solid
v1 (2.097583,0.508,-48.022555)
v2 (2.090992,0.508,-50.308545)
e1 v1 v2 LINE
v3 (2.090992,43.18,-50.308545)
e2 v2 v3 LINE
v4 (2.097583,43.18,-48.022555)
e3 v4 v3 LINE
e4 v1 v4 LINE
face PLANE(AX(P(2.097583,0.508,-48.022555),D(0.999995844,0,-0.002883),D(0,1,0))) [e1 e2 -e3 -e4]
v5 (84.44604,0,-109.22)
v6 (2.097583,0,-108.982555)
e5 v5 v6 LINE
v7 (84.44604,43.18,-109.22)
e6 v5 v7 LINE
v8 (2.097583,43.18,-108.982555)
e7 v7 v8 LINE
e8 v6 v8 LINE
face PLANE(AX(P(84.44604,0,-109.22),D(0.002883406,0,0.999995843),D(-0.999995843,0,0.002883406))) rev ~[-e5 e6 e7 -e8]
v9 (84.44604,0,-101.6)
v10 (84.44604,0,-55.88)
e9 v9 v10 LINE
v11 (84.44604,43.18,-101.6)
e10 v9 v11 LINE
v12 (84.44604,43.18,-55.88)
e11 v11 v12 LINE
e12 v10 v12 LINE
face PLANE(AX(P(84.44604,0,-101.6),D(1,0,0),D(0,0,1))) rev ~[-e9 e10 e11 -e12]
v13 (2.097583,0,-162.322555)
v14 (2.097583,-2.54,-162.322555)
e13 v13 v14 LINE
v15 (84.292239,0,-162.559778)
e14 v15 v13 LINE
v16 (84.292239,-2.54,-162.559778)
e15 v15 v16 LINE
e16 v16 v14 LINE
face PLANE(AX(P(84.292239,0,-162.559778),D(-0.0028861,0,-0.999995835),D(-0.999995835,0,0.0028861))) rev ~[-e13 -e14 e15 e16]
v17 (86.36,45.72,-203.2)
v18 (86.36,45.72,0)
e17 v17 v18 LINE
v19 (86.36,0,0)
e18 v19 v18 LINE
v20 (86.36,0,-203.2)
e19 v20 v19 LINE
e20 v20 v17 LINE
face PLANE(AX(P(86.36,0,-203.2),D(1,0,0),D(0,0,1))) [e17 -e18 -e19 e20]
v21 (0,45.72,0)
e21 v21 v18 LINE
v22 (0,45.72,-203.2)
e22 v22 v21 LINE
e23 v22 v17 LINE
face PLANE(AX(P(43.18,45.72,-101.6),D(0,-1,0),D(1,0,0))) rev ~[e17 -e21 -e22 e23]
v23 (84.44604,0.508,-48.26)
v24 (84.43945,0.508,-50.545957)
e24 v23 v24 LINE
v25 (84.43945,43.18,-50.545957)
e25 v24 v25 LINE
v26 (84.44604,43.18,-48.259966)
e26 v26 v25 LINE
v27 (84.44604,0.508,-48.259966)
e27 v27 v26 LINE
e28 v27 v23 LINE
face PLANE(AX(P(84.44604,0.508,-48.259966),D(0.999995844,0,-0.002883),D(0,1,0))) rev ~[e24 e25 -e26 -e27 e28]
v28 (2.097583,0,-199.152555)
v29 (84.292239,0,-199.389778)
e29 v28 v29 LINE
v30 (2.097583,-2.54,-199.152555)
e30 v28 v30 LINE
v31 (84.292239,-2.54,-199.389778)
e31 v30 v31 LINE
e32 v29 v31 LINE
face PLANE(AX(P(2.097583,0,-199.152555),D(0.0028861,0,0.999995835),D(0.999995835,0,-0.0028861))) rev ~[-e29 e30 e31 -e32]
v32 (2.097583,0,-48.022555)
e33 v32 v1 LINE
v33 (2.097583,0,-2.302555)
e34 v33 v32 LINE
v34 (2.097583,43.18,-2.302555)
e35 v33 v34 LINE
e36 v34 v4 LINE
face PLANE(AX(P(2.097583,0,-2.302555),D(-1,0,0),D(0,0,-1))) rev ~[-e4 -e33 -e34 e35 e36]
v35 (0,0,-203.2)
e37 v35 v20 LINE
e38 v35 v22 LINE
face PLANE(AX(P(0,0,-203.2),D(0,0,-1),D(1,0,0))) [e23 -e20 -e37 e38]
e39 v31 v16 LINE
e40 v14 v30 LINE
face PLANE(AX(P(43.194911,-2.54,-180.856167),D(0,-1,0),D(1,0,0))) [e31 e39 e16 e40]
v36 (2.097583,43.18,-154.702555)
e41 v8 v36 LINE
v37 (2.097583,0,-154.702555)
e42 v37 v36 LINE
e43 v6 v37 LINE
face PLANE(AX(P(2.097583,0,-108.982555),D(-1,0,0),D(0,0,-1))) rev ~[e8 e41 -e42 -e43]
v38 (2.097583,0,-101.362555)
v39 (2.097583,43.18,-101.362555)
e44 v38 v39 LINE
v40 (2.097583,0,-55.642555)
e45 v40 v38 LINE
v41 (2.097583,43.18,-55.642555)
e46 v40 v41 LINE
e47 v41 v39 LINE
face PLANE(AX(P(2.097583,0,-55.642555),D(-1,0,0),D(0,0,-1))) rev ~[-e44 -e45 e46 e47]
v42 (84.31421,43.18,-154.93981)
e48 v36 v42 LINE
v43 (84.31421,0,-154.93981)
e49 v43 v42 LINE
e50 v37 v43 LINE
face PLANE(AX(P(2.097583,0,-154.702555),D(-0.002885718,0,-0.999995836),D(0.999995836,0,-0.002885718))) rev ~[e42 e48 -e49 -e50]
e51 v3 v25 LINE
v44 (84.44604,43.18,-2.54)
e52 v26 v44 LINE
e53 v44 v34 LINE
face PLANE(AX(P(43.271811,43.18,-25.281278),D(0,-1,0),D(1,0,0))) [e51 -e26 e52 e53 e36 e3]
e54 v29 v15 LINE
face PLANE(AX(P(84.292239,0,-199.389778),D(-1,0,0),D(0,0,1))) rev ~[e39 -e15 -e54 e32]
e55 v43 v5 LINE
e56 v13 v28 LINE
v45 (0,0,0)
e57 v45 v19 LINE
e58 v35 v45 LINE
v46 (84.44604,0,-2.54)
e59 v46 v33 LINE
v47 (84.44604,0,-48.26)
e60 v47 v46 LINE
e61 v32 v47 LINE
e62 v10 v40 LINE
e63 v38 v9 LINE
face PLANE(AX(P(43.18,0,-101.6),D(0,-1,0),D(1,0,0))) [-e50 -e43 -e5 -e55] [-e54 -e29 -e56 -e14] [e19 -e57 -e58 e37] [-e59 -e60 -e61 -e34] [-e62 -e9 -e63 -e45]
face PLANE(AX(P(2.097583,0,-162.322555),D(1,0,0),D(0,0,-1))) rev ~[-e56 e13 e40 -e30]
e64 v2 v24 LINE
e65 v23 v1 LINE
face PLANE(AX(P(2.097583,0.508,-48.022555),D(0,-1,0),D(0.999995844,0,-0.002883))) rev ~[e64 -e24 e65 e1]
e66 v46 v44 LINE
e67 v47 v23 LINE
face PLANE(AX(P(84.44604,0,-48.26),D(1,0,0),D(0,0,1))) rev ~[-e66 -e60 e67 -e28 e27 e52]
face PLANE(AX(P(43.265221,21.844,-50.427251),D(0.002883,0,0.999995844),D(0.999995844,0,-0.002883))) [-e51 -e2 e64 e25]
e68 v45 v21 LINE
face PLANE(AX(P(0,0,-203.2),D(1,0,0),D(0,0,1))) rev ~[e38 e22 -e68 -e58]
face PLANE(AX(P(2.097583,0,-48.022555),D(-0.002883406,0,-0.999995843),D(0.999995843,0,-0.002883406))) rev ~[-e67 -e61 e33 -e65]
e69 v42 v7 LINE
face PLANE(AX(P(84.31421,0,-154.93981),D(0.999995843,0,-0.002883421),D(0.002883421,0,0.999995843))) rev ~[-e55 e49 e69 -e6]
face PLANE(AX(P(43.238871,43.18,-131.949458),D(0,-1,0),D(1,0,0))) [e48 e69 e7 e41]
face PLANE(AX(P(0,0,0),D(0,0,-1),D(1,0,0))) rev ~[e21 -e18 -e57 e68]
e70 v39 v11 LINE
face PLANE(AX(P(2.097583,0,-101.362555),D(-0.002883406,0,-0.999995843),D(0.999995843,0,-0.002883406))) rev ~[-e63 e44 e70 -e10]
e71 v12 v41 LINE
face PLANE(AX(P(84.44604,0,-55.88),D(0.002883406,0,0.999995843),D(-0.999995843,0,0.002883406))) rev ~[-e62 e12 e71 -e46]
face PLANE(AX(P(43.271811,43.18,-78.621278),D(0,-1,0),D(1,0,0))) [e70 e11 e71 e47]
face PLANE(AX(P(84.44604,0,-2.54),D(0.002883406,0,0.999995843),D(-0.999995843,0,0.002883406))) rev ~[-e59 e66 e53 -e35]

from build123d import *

# Parameters (mm, degrees)
F0_W     = 86.36
F0_H     = 203.2
F1_DEPTH = 45.72
F3_DEPTH = 43.18
F5_DEPTH = 2.54
F6_W     = 82.3488
F6_H     = 42.672
F7_DEPTH = 2.286


with BuildPart() as f1:
    # F0 (on Front) → F1 (new body)
    with BuildSketch(Plane.XZ):
        with Locations((43.18, -101.6)):
            Rectangle(F0_W, F0_H)
    extrude(amount=-F1_DEPTH)

    # F2 (on face) → F3 (cut)
    with BuildSketch(Plane.XZ):
        Polygon((84.44604, -2.54), (2.097583, -2.302555), (2.097583, -48.022555), (84.44604, -48.26), align=None)
        Polygon((84.44604, -101.6), (84.44604, -55.88), (2.097583, -55.642555), (2.097583, -101.362555), align=None)
        Polygon((84.31421, -154.93981), (84.44604, -109.22), (2.097583, -108.982555), (2.097583, -154.702555), align=None)
    extrude(amount=-F3_DEPTH, mode=Mode.SUBTRACT)

    # F4 (on face) → F5 (join)
    with BuildSketch(Plane.XZ):
        Polygon((84.292239, -199.389778), (84.292239, -162.559778), (2.097583, -162.322555), (2.097583, -199.152555), align=None)
    extrude(amount=F5_DEPTH)

    # F6 (on face) → F7 (cut)
    with BuildSketch(Plane(origin=(-0.13845, 0, -48.016108), x_dir=(0.999996, 0, -0.002883), z_dir=(0.002883, 0, 0.999996))):
        with Locations((43.410442, 21.844)):
            Rectangle(F6_W, F6_H)
    extrude(amount=-F7_DEPTH, mode=Mode.SUBTRACT)


solid = f1.part
